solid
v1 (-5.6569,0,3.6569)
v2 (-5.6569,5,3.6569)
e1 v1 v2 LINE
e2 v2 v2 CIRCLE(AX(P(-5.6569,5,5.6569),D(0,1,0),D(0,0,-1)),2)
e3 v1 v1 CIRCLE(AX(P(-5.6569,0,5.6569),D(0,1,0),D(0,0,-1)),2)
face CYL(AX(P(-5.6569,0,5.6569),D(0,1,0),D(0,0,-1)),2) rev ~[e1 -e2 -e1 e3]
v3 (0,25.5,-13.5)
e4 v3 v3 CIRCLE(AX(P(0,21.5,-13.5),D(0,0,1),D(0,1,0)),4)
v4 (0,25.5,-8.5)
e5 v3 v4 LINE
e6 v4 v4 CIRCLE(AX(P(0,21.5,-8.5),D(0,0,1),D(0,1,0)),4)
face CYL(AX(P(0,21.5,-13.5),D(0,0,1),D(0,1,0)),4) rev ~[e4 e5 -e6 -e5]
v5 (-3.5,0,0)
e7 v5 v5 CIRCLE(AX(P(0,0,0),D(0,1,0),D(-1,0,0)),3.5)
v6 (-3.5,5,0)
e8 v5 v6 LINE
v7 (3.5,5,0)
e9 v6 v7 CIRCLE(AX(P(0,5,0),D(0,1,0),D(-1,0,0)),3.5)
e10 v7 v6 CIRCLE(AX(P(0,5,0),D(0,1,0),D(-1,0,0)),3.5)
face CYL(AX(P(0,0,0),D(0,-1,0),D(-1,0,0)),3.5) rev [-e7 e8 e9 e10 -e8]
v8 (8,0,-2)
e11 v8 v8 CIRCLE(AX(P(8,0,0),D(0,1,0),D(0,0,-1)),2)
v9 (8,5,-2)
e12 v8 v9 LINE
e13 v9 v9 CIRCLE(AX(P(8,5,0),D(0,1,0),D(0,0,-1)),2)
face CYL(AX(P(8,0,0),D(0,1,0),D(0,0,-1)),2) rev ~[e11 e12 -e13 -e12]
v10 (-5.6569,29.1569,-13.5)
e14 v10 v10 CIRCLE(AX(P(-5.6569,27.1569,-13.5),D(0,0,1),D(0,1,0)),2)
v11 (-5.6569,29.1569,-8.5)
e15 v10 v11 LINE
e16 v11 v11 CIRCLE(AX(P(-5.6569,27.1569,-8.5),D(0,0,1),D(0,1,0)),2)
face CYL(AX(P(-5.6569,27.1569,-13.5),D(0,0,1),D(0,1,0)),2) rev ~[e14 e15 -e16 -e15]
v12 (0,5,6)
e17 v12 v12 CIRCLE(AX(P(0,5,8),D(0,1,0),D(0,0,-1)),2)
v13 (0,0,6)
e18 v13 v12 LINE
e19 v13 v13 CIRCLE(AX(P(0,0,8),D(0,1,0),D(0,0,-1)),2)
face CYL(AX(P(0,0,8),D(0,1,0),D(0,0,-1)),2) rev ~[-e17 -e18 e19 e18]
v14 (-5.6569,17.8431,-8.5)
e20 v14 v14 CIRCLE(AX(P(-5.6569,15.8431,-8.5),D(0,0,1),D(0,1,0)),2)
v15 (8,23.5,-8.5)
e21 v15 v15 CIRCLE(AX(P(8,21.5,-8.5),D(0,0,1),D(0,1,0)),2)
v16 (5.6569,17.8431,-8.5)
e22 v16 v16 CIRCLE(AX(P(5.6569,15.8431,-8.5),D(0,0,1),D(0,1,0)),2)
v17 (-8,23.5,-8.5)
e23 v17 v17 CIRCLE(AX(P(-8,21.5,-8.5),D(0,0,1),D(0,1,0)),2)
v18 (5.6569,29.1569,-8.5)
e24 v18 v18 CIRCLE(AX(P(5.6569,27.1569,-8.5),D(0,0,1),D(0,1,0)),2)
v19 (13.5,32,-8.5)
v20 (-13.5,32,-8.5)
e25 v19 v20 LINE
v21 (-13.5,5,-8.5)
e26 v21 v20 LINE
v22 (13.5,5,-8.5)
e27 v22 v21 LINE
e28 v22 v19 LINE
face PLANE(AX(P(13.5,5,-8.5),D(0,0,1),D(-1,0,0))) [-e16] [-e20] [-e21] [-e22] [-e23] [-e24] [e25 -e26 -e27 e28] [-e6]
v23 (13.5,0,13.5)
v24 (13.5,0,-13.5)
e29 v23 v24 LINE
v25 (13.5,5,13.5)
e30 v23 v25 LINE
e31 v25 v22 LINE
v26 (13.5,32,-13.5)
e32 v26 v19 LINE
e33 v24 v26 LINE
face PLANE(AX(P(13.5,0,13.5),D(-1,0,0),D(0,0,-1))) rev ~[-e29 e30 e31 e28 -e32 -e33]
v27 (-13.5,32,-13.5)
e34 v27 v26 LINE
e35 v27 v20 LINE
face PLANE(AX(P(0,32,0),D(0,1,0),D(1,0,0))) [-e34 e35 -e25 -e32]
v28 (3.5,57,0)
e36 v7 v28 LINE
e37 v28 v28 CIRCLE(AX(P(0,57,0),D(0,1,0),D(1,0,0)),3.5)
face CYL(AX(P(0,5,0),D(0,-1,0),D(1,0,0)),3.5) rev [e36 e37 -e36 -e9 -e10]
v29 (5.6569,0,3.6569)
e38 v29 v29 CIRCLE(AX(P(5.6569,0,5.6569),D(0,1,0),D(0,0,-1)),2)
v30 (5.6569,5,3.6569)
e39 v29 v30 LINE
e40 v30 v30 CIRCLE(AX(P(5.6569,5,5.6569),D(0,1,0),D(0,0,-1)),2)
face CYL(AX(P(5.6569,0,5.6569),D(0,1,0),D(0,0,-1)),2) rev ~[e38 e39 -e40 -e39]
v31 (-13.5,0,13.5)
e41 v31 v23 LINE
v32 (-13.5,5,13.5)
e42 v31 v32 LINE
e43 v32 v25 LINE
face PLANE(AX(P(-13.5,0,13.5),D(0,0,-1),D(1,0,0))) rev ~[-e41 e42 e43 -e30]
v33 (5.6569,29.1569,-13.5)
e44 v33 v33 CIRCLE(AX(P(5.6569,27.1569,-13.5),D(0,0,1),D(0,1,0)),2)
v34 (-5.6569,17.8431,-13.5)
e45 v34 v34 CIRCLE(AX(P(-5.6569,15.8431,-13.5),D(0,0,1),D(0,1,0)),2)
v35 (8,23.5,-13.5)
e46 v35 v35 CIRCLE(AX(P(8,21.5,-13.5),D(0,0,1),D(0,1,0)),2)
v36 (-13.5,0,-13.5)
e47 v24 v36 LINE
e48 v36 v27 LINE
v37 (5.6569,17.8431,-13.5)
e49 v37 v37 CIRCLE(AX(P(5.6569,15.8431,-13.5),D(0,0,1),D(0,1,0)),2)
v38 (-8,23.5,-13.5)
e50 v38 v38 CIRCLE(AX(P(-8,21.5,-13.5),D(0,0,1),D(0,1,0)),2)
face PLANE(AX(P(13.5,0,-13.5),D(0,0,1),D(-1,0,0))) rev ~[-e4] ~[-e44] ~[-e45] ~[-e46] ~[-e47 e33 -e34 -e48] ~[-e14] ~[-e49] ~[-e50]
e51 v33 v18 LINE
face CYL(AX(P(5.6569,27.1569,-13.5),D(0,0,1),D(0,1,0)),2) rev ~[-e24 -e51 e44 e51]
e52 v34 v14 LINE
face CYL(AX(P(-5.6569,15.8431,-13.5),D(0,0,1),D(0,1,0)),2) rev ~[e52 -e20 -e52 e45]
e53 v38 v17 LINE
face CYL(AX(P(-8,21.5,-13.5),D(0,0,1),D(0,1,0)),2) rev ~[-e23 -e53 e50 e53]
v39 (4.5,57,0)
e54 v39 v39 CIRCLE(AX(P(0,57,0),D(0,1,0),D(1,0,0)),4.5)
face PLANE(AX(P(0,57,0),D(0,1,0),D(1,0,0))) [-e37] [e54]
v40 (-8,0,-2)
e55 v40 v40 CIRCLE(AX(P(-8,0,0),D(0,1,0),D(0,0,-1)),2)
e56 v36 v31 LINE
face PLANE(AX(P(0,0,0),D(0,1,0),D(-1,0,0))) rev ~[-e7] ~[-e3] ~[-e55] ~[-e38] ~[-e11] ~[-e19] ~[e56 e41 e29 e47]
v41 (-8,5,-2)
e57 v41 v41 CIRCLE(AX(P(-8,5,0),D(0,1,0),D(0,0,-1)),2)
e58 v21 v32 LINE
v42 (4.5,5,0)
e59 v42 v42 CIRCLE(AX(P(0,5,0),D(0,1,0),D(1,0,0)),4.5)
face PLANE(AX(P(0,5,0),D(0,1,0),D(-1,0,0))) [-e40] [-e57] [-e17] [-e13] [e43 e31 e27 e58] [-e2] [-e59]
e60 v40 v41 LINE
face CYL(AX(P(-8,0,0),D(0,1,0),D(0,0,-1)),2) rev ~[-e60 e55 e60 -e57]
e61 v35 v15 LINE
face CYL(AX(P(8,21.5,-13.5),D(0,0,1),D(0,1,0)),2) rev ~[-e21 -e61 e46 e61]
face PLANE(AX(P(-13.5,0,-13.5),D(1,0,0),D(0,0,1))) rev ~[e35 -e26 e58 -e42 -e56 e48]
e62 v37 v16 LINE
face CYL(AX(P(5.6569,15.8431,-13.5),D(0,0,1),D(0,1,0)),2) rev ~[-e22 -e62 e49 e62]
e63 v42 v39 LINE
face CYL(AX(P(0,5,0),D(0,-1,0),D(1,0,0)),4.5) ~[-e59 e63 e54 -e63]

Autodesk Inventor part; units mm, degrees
ref_plane "YZ Plane" through (0, 0, 0) normal (1, 0, 0) x (0, 1, 0)
ref_plane "XZ Plane" through (0, 0, 0) normal (0, 1, 0) x (-1, 0, 0)
ref_plane "XY Plane" through (0, 0, 0) normal (0, 0, 1) x (1, 0, 0)
sketch "Sketch1" plane through (0, 0, 0) normal (0, 1, 0) x (-1, 0, 0)
  line L0 (-13.5, -13.5) -> (13.5, -13.5)
  line L1 (13.5, -13.5) -> (13.5, 13.5)
  line L2 (13.5, 13.5) -> (-13.5, 13.5)
  line L3 (-13.5, 13.5) -> (-13.5, -13.5)
  line L4 (-13.5, -13.5) -> (13.5, 13.5) construction
  line L5 (13.5, -13.5) -> (-13.5, 13.5) construction
  circle A0 centre (0, 0) radius 3.5
  dimension "d0" = 27
  dimension "d1" = 27
  dimension "d5" = 7
extrude "Extrusion2" add sketch "Sketch1" along normal blind 5
sketch "Sketch4" plane through (0, 5, 0) normal (0, 1, 0) x (1, 0, 0)
  line L0 (-13.5, 13.5) -> (-13.5, -13.5) projected
  line L1 (-13.5, 13.5) -> (13.5, 13.5)
  line L2 (13.5, 13.5) -> (13.5, 8.5)
  line L3 (13.5, 8.5) -> (-13.5, 8.5)
  line L4 (-13.5, 8.5) -> (-13.5, 13.5)
  point P0 (0, 0)
  dimension "d11" = 27
  dimension "d12" = 5
extrude "Extrusion4" add sketch "Sketch4" along normal blind 27
sketch "Sketch5" plane through (13.5, 0, -13.5) normal (0, 0, -1) x (-1, 0, 0)
  line L0 (27, 5) -> (27, 32) projected
  line L1 (0, 32) -> (27, 32)
  line L2 (27, 32) -> (27, 5)
  line L3 (27, 5) -> (0, 5)
  line L4 (0, 5) -> (0, 32)
  circle A0 centre (13.5, 21.5) radius 4
  point P0 (13.5, 0)
  dimension "d15" = 27
  dimension "d16" = 27
  dimension "d17" = 8
hole "Hole1" at (0, 21.5, -13.5) direction (0, 0, 1) diameter 8 depth 5 tip angle 118
sketch "Sketch7" plane through (0, 0, 0) normal (0, -1, 0) x (1, 0, 0)
  circle A0 centre (8, 0) radius 1.85 projected
  circle A1 centre (5.6569, 5.6569) radius 1.85 projected
  circle A2 centre (0, 8) radius 1.85 projected
  circle A3 centre (-5.6569, 5.6569) radius 1.85 projected
  circle A4 centre (-8, 0) radius 1.85 projected
  point P0 (0, 0)
hole "Hole2" at (8, 0, 0) at (5.6569, 0, 5.6569) at (0, 0, 8) at (-5.6569, 0, 5.6569) at (-8, 0, 0) direction (0, 1, 0) diameter 4 end through all
sketch "Sketch9" plane through (0, 5, 0) normal (0, 1, 0) x (1, 0, 0)
  circle A0 centre (0, 0) radius 4.5
  circle A1 centre (0, 0) radius 3.5 projected
  dimension "d33" = 9
extrude "Extrusion5" add sketch "Sketch9" along normal blind 52
sketch "Sketch10" plane through (13.5, 0, -13.5) normal (0, 0, -1) x (-1, 0, 0)
  circle A0 centre (21.5, 21.5) radius 1.85
  circle A1 centre (5.5, 21.5) radius 1.85
  circle A2 centre (19.1569, 27.1569) radius 1.85
  circle A3 centre (19.1569, 15.8431) radius 1.85
  circle A4 centre (7.8431, 15.8431) radius 1.85
  circle A5 centre (7.8431, 27.1569) radius 1.85
  point P0 (13.5, 0)
hole "Hole3" at (5.6569, 15.8431, -13.5) at (8, 21.5, -13.5) at (5.6569, 27.1569, -13.5) at (-5.6569, 27.1569, -13.5) at (-8, 21.5, -13.5) at (-5.6569, 15.8431, -13.5) direction (0, 0, 1) diameter 4 depth 5 tip angle 118
properties part number "Flag Mount"
